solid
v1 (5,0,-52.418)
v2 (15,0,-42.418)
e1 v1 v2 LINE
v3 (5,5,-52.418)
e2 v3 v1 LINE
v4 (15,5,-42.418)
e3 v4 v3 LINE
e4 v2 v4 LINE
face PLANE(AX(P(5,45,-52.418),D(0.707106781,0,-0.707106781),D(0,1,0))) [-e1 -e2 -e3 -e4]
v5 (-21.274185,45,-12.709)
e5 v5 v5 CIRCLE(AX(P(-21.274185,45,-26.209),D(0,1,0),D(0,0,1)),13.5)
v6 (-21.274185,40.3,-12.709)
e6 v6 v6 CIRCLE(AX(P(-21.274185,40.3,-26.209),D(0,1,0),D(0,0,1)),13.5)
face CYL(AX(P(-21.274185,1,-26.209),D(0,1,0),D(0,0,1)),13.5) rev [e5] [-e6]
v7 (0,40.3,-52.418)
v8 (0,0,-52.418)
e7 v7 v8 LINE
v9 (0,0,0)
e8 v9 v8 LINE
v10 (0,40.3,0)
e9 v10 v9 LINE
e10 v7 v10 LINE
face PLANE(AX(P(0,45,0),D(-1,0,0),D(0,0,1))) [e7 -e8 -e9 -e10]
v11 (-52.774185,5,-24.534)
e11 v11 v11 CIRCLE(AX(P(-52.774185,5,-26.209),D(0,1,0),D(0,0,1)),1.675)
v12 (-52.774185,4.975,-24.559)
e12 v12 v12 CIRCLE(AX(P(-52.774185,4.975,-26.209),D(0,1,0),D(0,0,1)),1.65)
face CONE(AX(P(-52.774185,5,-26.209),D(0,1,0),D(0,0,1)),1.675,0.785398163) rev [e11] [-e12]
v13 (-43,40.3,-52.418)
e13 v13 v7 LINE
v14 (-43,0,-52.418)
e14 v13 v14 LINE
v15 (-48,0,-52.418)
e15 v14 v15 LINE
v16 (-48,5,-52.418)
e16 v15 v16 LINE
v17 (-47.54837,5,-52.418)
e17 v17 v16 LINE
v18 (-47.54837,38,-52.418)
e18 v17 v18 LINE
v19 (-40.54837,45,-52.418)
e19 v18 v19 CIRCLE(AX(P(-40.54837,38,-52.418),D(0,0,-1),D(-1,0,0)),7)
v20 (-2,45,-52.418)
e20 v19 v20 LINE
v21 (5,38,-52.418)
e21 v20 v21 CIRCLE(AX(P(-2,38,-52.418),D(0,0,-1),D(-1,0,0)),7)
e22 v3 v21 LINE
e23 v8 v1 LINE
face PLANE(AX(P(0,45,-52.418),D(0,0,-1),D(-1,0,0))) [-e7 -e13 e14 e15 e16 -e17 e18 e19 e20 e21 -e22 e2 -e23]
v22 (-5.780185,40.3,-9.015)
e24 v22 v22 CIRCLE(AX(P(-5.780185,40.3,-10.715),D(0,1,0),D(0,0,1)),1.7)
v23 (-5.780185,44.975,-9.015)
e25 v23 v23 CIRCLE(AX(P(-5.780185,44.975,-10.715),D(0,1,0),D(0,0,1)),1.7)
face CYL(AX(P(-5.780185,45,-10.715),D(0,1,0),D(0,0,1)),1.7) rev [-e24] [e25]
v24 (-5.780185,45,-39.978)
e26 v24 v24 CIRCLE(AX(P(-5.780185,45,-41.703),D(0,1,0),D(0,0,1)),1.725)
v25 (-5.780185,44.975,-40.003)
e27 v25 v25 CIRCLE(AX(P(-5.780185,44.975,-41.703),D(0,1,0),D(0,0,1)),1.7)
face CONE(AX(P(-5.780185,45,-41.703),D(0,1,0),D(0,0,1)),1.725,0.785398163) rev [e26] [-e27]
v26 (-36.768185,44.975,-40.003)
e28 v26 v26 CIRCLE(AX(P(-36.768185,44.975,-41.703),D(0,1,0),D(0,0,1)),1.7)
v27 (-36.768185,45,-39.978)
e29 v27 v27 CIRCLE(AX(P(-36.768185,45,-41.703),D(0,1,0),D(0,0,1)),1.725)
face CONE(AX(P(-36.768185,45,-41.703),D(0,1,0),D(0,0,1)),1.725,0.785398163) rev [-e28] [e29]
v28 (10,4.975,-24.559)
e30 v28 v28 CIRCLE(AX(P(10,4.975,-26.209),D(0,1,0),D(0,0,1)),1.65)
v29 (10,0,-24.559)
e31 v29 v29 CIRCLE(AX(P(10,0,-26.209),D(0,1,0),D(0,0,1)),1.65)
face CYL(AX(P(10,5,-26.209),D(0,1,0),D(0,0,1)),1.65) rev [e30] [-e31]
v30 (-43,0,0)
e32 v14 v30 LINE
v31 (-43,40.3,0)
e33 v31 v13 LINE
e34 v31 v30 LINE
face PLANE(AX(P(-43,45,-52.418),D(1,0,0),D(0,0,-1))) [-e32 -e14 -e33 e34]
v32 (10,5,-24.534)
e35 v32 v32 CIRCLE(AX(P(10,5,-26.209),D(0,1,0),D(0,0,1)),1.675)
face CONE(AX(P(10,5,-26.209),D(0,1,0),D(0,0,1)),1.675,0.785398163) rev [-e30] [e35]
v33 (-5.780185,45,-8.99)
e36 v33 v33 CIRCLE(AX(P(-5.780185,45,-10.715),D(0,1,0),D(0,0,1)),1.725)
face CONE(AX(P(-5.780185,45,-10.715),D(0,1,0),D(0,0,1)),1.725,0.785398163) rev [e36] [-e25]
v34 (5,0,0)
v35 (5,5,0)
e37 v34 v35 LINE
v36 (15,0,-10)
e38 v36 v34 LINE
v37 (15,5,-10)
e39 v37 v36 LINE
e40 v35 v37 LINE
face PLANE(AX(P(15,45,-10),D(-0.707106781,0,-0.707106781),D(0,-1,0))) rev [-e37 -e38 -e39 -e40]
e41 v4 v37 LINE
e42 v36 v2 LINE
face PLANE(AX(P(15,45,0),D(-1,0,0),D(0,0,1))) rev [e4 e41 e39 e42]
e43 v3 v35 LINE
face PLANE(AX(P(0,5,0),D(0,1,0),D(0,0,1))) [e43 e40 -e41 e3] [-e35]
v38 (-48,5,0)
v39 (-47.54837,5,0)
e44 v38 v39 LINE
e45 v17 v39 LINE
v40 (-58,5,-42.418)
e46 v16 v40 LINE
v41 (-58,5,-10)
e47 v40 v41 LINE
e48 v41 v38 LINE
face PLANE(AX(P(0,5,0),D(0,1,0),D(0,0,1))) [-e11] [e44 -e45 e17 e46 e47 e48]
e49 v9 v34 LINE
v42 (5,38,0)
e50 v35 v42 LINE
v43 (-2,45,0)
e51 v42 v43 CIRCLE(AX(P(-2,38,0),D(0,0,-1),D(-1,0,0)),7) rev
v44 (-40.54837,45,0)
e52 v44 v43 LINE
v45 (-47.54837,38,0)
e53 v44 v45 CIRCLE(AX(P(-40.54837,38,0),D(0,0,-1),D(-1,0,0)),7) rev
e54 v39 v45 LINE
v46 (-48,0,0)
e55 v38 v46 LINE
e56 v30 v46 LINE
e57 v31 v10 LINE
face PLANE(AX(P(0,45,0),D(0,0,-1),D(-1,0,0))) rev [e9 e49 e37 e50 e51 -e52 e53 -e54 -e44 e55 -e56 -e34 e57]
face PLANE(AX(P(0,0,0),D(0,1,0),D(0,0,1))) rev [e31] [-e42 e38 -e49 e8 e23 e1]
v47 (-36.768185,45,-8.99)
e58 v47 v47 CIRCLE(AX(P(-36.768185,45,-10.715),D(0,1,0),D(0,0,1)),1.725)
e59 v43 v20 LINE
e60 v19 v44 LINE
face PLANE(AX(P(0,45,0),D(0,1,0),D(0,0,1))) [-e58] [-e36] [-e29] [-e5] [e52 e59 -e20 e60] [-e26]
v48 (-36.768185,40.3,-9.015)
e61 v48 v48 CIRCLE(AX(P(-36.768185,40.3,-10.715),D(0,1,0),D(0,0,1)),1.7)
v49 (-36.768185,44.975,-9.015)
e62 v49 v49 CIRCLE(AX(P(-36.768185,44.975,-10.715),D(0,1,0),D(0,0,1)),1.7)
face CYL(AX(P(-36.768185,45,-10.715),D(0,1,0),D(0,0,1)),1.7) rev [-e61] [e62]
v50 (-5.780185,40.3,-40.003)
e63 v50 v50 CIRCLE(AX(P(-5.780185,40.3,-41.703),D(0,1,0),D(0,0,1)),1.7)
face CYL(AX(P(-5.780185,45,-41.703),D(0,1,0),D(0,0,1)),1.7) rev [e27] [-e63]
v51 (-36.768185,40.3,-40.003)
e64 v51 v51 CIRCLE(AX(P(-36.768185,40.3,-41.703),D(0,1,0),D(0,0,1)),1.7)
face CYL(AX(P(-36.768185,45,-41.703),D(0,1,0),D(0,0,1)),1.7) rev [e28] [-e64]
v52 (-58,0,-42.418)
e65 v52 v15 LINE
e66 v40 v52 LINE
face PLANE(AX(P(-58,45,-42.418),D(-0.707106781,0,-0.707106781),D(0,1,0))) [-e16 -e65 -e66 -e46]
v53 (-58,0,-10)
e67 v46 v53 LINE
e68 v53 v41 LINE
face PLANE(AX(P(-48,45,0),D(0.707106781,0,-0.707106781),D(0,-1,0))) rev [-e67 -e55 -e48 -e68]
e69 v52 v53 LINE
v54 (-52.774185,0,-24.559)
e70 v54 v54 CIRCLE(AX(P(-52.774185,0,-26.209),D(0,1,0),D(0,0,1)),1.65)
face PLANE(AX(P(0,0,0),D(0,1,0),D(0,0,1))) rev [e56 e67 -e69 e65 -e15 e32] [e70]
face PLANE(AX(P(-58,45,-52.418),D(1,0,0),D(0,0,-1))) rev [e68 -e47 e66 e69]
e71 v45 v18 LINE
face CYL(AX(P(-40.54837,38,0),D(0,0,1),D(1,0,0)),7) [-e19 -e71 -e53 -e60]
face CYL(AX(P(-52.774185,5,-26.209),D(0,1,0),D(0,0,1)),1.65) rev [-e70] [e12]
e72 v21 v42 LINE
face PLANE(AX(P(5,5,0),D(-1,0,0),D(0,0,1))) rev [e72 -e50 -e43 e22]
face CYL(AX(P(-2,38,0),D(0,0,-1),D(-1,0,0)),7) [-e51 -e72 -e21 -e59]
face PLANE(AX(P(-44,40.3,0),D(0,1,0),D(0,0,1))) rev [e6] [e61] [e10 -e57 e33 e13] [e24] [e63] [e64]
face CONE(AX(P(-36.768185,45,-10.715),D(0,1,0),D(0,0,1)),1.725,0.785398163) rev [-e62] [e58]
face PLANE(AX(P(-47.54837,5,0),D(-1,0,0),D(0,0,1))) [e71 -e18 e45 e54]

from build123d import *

# Parameters (mm, degrees)
SKETCH1_W                             = 15
SKETCH1_H                             = 52.418
BOSS_EXTRUDE1_DEPTH                   = 45
BOSS_EXTRUDE1_2_DEPTH                 = 45
SKETCH2_W                             = 10.451630362
SKETCH2_H                             = 52.418
SKETCH2_W_2                           = 10
CUT_EXTRUDE1_DEPTH                    = 40
SKETCH3_W                             = 52.418
SKETCH3_H                             = 4.7
BOSS_EXTRUDE3_DEPTH                   = 44
M3_CLEARANCE_HOLE1_D                  = 3.4
M3_CLEARANCE_HOLE1_CSINK_D            = 3.45
M3_CLEARANCE_HOLE1_CSINK_ANGLE        = 90
SKETCH4_R                             = 13.5
CUT_EXTRUDE2_DEPTH                    = 44
TAP_DRILL_FOR_M4X0_7_TAP1_D           = 3.3
TAP_DRILL_FOR_M4X0_7_TAP1_CSINK_D     = 3.35
TAP_DRILL_FOR_M4X0_7_TAP1_CSINK_ANGLE = 90
CHAMFER1_SIZE                         = 10
FILLET1_R                             = 7


with BuildPart() as part:
    # Sketch1 → Boss-Extrude1 (new body)
    with BuildSketch(Plane(origin=(0, 0, 0), x_dir=(1, 0, 0), z_dir=(0, 1, 0))):
        with Locations((7.5, 26.209)):
            Rectangle(SKETCH1_W, SKETCH1_H)
    extrude(amount=BOSS_EXTRUDE1_DEPTH)


with BuildPart() as body_2:
    # Sketch1 → Boss-Extrude1 2 (new body)
    with BuildSketch(Plane(origin=(0, 0, 0), x_dir=(1, 0, 0), z_dir=(0, 1, 0))):
        with Locations((-50.5, 26.209)):
            Rectangle(SKETCH1_W, SKETCH1_H)
    extrude(amount=BOSS_EXTRUDE1_2_DEPTH)


with BuildPart() as cut_extrude1_tool:
    # Sketch2 → Cut-Extrude1 (new body)
    with BuildSketch(Plane(origin=(0, 45, 0), x_dir=(1, 0, 0), z_dir=(0, 1, 0))):
        with Locations((-52.774184819, 26.209)):
            Rectangle(SKETCH2_W, SKETCH2_H)
        with Locations((10, 26.209)):
            Rectangle(SKETCH2_W_2, SKETCH2_H)
    extrude(amount=-CUT_EXTRUDE1_DEPTH)


with BuildPart() as part_1:
    add(part.part)

    # Cut-Extrude1: cut by cut_extrude1_tool
    add(cut_extrude1_tool.part, mode=Mode.SUBTRACT)



with BuildPart() as body_2_1:
    add(body_2.part)

    # Cut-Extrude1: cut by cut_extrude1_tool
    add(cut_extrude1_tool.part, mode=Mode.SUBTRACT)


with BuildPart() as part_2:
    add(part_1.part)

    add(body_2_1.part)  # Boss-Extrude3 merges body 2
    # Sketch3 → Boss-Extrude3 (add)
    with BuildSketch(Plane.ZY):
        with Locations((-26.209, 42.65)):
            Rectangle(SKETCH3_W, SKETCH3_H)
    extrude(amount=BOSS_EXTRUDE3_DEPTH)

    # M3 Clearance Hole1 (through all)
    with Locations(Plane(origin=(0, 45, 0), x_dir=(1, 0, 0), z_dir=(0, 1, 0))):
        with Locations((-36.768184819, 41.703), (-5.780184819, 41.703), (-5.780184819, 10.715), (-36.768184819, 10.715)):
            CounterSinkHole(M3_CLEARANCE_HOLE1_D / 2, M3_CLEARANCE_HOLE1_CSINK_D / 2, counter_sink_angle=M3_CLEARANCE_HOLE1_CSINK_ANGLE)

    # Sketch4 → Cut-Extrude2 (cut)
    with BuildSketch(Plane(origin=(0, 45, 0), x_dir=(1, 0, 0), z_dir=(0, 1, 0))):
        with Locations(Location((-21.274184819, 26.209, 0), (0, 0, 270))):
            Circle(SKETCH4_R)
    extrude(amount=-CUT_EXTRUDE2_DEPTH, mode=Mode.SUBTRACT)

    # Tap Drill for M4x0.7 Tap1 (through all)
    with Locations(Plane(origin=(0, 5, 0), x_dir=(1, 0, 0), z_dir=(0, 1, 0))):
        with Locations((-52.774184819, 26.209), (10, 26.209)):
            CounterSinkHole(TAP_DRILL_FOR_M4X0_7_TAP1_D / 2, TAP_DRILL_FOR_M4X0_7_TAP1_CSINK_D / 2, counter_sink_angle=TAP_DRILL_FOR_M4X0_7_TAP1_CSINK_ANGLE)

    # Chamfer1
    chamfer1_edges = [part_2.edges().sort_by_distance(p)[0] for p in [
        (15, 2.5, -52.418),
        (15, 2.5, 0),
        (-58, 2.5, 0),
        (-58, 2.5, -52.418),
    ]]
    chamfer(chamfer1_edges, length=CHAMFER1_SIZE)

    # Fillet1
    fillet1_edges = [part_2.edges().sort_by_distance(p)[0] for p in [
        (5, 45, -26.209),
        (-47.548369638, 45, -26.209),
    ]]
    fillet(fillet1_edges, radius=FILLET1_R)


solid = part_2.part
